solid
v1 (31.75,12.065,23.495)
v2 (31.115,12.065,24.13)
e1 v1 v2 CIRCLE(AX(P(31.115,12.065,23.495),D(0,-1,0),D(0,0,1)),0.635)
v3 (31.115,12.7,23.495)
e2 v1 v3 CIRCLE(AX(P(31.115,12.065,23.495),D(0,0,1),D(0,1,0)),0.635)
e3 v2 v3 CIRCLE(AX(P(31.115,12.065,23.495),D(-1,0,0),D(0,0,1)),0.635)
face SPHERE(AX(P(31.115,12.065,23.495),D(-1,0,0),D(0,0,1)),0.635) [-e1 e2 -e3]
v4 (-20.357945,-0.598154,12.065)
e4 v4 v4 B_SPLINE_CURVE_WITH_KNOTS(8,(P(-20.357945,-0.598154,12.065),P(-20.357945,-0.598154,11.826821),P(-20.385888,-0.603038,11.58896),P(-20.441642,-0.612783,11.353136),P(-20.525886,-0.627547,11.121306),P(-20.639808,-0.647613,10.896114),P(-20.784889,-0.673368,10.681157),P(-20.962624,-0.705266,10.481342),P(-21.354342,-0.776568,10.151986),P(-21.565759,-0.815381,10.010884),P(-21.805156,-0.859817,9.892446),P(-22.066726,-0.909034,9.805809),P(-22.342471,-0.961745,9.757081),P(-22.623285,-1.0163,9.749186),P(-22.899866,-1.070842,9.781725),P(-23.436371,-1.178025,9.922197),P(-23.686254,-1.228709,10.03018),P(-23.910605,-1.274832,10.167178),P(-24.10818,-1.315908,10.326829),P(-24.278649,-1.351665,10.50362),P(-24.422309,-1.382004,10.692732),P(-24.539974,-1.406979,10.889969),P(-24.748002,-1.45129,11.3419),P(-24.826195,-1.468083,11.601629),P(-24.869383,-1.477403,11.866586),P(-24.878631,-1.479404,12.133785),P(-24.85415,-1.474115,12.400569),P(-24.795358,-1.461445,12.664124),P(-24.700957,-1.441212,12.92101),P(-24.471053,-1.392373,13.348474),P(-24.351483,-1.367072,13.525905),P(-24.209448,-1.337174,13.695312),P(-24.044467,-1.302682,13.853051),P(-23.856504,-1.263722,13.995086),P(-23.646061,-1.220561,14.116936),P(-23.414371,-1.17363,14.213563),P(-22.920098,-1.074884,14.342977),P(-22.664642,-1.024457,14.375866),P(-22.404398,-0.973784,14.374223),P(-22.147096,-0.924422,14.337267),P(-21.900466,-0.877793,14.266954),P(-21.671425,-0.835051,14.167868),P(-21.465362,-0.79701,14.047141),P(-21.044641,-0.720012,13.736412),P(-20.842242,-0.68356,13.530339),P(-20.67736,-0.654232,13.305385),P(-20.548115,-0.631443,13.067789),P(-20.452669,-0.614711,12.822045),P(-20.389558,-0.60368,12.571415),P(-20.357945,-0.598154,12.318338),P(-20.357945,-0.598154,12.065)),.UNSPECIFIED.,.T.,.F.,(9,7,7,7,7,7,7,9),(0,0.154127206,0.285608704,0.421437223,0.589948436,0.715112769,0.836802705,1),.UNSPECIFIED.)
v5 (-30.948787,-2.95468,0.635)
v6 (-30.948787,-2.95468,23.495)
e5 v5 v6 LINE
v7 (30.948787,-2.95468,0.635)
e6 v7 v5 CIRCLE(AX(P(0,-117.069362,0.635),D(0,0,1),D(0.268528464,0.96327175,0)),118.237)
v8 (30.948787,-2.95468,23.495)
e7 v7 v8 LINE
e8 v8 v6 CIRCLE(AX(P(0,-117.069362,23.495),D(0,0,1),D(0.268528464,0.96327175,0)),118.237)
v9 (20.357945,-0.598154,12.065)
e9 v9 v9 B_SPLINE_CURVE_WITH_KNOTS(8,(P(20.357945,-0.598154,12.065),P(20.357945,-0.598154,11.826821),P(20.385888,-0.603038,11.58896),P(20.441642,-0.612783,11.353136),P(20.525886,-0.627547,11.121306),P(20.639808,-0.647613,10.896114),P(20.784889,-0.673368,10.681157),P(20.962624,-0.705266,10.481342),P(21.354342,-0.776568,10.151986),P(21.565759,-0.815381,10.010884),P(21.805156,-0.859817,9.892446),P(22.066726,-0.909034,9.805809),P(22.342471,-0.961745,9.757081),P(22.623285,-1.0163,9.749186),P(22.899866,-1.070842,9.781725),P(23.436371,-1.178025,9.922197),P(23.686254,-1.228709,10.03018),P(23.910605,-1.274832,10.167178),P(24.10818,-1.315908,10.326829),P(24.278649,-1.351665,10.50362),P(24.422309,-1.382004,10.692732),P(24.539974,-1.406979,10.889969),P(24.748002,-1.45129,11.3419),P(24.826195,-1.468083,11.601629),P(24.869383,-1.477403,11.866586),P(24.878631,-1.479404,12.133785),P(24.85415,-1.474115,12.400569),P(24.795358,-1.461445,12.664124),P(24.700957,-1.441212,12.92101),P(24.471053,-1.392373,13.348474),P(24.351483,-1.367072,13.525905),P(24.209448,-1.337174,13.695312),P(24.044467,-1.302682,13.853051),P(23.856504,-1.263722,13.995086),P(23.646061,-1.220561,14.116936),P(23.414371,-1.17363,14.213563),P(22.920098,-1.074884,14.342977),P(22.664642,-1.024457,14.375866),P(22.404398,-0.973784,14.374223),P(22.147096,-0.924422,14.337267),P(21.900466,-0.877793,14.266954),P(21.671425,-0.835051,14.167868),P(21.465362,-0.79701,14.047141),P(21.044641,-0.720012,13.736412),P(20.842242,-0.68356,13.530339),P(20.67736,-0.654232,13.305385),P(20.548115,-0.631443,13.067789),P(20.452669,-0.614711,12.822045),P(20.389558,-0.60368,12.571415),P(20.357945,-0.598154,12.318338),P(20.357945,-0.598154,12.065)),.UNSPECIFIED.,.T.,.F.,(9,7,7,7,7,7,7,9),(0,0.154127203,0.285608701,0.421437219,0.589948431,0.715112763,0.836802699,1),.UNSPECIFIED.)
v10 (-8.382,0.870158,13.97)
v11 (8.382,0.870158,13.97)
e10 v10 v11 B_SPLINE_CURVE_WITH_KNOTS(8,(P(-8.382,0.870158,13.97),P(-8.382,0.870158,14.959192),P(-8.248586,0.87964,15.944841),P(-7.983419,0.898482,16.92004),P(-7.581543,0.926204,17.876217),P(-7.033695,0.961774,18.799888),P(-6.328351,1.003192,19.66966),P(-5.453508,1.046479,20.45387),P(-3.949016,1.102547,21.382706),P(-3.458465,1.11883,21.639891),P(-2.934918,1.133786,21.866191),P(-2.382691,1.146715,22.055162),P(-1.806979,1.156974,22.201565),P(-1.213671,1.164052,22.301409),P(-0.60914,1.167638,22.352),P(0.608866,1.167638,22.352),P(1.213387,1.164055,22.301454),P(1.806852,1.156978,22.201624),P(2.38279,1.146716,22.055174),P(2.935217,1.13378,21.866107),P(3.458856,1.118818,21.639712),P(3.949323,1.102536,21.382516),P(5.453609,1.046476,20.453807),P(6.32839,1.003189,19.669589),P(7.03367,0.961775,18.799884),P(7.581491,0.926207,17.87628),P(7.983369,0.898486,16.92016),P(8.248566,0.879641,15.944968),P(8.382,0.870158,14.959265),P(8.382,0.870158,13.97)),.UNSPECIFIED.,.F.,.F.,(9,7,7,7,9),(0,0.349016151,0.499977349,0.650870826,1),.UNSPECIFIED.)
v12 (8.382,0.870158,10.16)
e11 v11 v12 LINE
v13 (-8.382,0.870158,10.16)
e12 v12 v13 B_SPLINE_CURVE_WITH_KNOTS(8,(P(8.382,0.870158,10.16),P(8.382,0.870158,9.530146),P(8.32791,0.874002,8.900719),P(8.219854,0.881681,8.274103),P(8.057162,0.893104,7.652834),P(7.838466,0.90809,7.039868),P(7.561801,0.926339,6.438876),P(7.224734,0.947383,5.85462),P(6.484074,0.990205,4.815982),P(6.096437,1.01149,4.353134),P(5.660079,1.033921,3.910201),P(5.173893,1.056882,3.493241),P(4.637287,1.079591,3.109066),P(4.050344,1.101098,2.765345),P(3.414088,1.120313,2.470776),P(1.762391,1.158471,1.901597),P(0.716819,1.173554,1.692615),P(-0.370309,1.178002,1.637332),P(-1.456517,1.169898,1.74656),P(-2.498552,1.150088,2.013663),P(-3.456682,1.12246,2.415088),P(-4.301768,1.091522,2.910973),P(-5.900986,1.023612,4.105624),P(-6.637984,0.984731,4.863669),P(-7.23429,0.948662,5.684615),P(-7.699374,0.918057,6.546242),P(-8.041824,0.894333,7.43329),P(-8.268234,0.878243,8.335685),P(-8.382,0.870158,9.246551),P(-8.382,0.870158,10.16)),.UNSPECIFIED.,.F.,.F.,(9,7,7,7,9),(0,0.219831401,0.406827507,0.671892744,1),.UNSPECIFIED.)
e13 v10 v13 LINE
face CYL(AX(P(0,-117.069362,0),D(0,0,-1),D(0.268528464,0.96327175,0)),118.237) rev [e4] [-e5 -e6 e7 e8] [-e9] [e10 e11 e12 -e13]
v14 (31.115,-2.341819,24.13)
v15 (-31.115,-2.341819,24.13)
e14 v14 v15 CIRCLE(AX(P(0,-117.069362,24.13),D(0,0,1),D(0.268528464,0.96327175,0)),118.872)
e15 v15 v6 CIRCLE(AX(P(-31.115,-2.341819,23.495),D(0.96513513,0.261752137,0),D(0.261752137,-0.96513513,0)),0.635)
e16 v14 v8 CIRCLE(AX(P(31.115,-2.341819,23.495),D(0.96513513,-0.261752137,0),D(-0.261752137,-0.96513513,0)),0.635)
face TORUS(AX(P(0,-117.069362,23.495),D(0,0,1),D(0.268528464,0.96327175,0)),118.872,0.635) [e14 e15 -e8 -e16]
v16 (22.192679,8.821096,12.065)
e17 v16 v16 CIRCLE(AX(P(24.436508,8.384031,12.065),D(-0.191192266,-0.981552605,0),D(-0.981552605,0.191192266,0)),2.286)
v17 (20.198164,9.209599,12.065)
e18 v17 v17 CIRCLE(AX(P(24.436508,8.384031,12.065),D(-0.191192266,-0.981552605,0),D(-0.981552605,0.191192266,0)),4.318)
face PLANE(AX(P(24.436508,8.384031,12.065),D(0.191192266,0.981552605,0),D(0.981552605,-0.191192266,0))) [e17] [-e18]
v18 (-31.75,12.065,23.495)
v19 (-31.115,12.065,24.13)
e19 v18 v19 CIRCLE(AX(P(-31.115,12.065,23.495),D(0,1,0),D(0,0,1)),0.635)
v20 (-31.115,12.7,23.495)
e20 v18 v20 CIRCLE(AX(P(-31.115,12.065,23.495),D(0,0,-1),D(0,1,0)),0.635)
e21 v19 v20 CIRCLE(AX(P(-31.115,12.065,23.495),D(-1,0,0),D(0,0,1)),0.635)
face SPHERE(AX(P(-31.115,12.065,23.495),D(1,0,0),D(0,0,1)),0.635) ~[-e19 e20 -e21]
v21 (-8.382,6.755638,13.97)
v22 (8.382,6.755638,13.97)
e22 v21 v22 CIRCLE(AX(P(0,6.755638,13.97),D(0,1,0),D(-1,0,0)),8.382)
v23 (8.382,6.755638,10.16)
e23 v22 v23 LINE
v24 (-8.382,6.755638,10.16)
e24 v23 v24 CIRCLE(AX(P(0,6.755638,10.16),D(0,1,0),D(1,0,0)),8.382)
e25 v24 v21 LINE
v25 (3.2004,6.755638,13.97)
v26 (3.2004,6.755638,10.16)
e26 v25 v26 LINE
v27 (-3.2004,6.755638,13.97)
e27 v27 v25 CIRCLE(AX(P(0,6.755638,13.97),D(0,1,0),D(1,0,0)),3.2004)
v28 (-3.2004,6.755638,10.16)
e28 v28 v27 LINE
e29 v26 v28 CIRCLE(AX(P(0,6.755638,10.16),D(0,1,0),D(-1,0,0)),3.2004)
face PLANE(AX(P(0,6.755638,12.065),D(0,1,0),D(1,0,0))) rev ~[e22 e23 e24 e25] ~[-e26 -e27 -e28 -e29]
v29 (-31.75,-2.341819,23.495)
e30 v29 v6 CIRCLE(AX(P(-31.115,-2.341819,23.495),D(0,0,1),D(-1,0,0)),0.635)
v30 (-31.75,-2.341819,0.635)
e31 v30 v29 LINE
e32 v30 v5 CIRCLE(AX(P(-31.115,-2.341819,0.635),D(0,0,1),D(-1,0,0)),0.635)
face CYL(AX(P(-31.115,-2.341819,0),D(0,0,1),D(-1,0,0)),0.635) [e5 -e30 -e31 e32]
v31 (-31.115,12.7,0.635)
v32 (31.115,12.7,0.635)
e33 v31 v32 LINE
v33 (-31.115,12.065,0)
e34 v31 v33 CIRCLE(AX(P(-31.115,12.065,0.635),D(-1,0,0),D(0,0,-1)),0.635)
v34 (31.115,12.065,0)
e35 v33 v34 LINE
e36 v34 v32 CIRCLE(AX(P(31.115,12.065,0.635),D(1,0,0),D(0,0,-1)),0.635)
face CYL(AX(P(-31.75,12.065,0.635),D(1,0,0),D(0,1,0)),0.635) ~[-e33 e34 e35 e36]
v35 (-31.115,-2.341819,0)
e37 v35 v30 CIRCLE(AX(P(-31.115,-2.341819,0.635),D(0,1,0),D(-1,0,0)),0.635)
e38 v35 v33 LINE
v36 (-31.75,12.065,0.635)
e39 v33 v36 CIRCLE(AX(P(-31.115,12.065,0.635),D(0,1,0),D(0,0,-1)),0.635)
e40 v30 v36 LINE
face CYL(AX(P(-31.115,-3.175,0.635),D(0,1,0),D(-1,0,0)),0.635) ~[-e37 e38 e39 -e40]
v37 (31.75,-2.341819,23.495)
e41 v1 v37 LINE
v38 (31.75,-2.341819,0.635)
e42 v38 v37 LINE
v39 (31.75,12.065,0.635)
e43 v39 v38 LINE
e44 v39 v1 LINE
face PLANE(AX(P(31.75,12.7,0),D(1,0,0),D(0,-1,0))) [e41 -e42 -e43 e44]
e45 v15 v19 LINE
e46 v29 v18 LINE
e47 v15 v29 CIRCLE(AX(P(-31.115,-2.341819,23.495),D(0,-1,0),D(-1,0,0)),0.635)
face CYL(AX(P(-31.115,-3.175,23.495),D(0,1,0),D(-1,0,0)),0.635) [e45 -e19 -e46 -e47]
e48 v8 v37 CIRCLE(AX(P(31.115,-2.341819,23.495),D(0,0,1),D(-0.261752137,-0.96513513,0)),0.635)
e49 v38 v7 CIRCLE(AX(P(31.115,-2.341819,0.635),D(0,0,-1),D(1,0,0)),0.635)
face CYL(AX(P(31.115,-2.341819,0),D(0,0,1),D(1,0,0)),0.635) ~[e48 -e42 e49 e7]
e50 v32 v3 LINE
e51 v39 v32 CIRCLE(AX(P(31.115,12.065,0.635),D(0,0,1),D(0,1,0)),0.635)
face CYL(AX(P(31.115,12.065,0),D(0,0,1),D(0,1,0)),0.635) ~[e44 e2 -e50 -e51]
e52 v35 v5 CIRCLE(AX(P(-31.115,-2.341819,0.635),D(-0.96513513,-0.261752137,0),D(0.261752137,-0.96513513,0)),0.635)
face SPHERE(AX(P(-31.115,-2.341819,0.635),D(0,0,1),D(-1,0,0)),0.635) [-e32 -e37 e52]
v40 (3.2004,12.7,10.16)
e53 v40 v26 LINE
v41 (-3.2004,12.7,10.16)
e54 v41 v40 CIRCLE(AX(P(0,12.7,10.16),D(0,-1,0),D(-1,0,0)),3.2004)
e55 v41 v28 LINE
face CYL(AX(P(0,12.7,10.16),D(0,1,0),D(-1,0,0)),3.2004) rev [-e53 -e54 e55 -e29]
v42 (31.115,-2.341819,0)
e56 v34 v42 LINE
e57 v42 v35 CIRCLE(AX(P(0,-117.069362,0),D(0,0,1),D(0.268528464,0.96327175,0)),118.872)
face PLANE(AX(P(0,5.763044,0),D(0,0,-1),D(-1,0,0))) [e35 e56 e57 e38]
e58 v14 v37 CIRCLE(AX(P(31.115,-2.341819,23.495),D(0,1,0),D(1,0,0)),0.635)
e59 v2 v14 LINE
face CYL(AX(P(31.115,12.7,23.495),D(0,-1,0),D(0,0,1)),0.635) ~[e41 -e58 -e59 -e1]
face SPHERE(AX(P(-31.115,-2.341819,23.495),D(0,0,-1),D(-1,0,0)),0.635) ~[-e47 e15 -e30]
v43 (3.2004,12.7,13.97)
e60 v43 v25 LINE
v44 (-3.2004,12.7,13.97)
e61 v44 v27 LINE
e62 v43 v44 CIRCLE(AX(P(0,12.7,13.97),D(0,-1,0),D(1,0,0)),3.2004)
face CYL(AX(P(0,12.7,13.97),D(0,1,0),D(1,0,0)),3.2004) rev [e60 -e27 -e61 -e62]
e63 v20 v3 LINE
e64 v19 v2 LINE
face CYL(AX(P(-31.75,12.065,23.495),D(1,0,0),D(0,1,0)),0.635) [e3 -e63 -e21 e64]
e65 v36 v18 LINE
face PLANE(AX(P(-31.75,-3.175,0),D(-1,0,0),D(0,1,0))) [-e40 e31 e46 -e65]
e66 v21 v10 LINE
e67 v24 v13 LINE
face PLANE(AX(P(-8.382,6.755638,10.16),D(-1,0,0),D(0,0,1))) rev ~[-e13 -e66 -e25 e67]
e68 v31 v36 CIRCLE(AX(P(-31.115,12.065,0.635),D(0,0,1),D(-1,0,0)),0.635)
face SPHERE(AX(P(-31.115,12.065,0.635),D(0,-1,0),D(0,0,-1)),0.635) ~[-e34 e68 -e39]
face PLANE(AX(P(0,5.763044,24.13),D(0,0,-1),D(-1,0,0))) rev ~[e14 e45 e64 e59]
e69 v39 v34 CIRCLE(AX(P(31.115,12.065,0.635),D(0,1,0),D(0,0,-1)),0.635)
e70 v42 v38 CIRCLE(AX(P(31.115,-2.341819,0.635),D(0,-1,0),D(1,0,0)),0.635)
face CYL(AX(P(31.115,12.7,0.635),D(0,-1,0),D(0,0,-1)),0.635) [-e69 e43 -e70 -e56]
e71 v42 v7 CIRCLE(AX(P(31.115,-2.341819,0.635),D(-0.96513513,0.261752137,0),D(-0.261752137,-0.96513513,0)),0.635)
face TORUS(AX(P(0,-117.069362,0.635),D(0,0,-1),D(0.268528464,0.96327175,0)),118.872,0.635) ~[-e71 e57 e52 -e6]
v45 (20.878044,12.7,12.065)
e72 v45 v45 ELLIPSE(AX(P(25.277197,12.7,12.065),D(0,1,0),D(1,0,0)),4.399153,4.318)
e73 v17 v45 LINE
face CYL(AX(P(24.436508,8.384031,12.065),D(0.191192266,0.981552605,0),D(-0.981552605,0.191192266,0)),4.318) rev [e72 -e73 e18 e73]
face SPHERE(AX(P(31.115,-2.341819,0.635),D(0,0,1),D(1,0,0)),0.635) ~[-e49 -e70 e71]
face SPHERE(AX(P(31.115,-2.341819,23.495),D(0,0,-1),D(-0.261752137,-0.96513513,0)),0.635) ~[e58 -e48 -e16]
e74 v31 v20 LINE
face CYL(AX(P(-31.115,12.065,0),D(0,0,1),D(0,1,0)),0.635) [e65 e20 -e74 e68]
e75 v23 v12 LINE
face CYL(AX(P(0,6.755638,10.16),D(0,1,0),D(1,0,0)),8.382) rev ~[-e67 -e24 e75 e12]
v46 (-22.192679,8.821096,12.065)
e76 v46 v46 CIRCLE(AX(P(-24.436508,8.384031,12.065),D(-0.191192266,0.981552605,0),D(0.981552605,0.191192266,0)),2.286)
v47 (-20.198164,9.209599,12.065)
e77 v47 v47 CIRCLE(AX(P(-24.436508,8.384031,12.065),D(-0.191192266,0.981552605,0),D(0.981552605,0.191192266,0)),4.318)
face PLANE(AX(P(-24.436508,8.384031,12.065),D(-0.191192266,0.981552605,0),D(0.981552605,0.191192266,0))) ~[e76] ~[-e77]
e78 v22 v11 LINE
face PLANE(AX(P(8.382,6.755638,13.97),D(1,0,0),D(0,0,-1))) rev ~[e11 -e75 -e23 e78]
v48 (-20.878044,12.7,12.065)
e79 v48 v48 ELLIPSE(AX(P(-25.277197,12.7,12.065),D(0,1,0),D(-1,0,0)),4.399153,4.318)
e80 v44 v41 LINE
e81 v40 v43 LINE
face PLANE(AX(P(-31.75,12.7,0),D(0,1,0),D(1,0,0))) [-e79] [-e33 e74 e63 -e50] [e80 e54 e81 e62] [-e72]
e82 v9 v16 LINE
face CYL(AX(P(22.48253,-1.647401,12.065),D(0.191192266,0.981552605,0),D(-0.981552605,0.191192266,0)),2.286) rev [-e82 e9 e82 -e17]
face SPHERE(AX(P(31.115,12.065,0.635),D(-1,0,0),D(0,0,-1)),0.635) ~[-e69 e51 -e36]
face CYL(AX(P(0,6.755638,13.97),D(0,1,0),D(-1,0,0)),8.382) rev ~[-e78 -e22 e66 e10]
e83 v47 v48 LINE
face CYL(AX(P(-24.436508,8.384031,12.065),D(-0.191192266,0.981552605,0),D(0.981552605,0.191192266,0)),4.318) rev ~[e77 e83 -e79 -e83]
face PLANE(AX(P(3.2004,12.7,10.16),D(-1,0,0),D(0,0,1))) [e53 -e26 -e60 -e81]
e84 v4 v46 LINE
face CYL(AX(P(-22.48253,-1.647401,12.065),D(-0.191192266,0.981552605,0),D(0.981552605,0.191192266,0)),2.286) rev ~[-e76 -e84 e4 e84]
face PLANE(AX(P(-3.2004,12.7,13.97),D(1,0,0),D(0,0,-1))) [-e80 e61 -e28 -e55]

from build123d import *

# Parameters (mm, degrees)
BOSS_EXTRUDE1_DEPTH     = 24.13
FILLET1_R               = 0.635
CUT_EXTRUDE1_DEPTH      = 43.849527948
CUT_EXTRUDE6_DEPTH      = 42.512826607
CUT_EXTRUDE6_DEPTH_BACK = 5.588


with BuildPart() as part:
    # Sketch1 → Boss-Extrude1 (new body)
    with BuildSketch(Plane.XY):
        with BuildLine():
            Line((-31.75, 12.7), (31.75, 12.7))
            Line((31.75, 12.7), (31.75, -3.175))
            ThreePointArc((31.75, -3.175), (0, 1.167638116), (-31.75, -3.175))
            Line((-31.75, -3.175), (-31.75, 12.7))
        make_face()
    extrude(amount=BOSS_EXTRUDE1_DEPTH)

    # Sketch5 → Cut-Revolve1 (revolve, cut)
    with BuildSketch(Plane(origin=(0, 0, 12.065), x_dir=(-1, 0, 0), z_dir=(0, 0, -1)), mode=Mode.PRIVATE) as cut_revolve1_sk:
        Polygon((-22.482530384, -1.647401081), (-24.72635964, -2.084466602), (-26.680337626, 7.946965208), (-28.67485252, 7.558462523), (-30.361328492, 16.216578855), (-26.122984342, 17.042147061), align=None)
    cut_revolve1 = revolve(cut_revolve1_sk.sketch.rotate(Axis((26.472561187, 18.836822495, 12.065), (-0.19119226638023634, -0.9815526054554533, 0)), 180), axis=Axis((26.472561187, 18.836822495, 12.065), (-0.19119226638023634, -0.9815526054554533, 0)), mode=Mode.SUBTRACT)

    # Mirror1: Cut-Revolve1 across plane
    add(cut_revolve1.mirror(Plane(origin=(0, 0, 0), x_dir=(0, 0, 1), z_dir=(1, 0, 0))), mode=Mode.SUBTRACT)

    # Fillet1
    fillet1_edges = [part.edges().sort_by_distance(p)[0] for p in [
        (0, 12.7, 24.13),
        (-31.75, 4.7625, 24.13),
        (0, 1.167638116, 24.13),
        (-31.75, 4.7625, 0),
        (0, 12.7, 0),
        (31.75, 4.7625, 0),
        (0, 1.167638116, 0),
        (31.75, 4.7625, 24.13),
        (-31.75, -3.175, 12.065),
        (-31.75, 12.7, 12.065),
        (31.75, 12.7, 12.065),
        (31.75, -3.175, 12.065),
    ]]
    fillet(fillet1_edges, radius=FILLET1_R)

    # Sketch17 → Cut-Extrude1 (cut, through all)
    with BuildSketch(Plane(origin=(0, 12.7, 0), x_dir=(1, 0, 0), z_dir=(0, 1, 0))):
        with BuildLine():
            Line((-3.2004, -13.97), (-3.2004, -10.16))
            ThreePointArc((-3.2004, -10.16), (0, -6.9596), (3.2004, -10.16))
            Line((3.2004, -10.16), (3.2004, -13.97))
            ThreePointArc((3.2004, -13.97), (0, -17.1704), (-3.2004, -13.97))
        make_face()
    extrude(amount=-CUT_EXTRUDE1_DEPTH, mode=Mode.SUBTRACT)

    # Sketch18 → Cut-Extrude6 (cut, two sides: drawn at the far end of the back side and taken through both)
    with BuildSketch(Plane(origin=(0, 1.167638116, 0), x_dir=(-1, 0, 0), z_dir=(0, -1, 0)).offset(-CUT_EXTRUDE6_DEPTH_BACK)):
        with BuildLine():
            Line((8.382, -10.16), (8.382, -13.97))
            ThreePointArc((8.382, -13.97), (0, -22.352), (-8.382, -13.97))
            Line((-8.382, -13.97), (-8.382, -10.16))
            ThreePointArc((-8.382, -10.16), (0, -1.778), (8.382, -10.16))
        make_face()
    extrude(amount=CUT_EXTRUDE6_DEPTH + CUT_EXTRUDE6_DEPTH_BACK, mode=Mode.SUBTRACT)


solid = part.part
